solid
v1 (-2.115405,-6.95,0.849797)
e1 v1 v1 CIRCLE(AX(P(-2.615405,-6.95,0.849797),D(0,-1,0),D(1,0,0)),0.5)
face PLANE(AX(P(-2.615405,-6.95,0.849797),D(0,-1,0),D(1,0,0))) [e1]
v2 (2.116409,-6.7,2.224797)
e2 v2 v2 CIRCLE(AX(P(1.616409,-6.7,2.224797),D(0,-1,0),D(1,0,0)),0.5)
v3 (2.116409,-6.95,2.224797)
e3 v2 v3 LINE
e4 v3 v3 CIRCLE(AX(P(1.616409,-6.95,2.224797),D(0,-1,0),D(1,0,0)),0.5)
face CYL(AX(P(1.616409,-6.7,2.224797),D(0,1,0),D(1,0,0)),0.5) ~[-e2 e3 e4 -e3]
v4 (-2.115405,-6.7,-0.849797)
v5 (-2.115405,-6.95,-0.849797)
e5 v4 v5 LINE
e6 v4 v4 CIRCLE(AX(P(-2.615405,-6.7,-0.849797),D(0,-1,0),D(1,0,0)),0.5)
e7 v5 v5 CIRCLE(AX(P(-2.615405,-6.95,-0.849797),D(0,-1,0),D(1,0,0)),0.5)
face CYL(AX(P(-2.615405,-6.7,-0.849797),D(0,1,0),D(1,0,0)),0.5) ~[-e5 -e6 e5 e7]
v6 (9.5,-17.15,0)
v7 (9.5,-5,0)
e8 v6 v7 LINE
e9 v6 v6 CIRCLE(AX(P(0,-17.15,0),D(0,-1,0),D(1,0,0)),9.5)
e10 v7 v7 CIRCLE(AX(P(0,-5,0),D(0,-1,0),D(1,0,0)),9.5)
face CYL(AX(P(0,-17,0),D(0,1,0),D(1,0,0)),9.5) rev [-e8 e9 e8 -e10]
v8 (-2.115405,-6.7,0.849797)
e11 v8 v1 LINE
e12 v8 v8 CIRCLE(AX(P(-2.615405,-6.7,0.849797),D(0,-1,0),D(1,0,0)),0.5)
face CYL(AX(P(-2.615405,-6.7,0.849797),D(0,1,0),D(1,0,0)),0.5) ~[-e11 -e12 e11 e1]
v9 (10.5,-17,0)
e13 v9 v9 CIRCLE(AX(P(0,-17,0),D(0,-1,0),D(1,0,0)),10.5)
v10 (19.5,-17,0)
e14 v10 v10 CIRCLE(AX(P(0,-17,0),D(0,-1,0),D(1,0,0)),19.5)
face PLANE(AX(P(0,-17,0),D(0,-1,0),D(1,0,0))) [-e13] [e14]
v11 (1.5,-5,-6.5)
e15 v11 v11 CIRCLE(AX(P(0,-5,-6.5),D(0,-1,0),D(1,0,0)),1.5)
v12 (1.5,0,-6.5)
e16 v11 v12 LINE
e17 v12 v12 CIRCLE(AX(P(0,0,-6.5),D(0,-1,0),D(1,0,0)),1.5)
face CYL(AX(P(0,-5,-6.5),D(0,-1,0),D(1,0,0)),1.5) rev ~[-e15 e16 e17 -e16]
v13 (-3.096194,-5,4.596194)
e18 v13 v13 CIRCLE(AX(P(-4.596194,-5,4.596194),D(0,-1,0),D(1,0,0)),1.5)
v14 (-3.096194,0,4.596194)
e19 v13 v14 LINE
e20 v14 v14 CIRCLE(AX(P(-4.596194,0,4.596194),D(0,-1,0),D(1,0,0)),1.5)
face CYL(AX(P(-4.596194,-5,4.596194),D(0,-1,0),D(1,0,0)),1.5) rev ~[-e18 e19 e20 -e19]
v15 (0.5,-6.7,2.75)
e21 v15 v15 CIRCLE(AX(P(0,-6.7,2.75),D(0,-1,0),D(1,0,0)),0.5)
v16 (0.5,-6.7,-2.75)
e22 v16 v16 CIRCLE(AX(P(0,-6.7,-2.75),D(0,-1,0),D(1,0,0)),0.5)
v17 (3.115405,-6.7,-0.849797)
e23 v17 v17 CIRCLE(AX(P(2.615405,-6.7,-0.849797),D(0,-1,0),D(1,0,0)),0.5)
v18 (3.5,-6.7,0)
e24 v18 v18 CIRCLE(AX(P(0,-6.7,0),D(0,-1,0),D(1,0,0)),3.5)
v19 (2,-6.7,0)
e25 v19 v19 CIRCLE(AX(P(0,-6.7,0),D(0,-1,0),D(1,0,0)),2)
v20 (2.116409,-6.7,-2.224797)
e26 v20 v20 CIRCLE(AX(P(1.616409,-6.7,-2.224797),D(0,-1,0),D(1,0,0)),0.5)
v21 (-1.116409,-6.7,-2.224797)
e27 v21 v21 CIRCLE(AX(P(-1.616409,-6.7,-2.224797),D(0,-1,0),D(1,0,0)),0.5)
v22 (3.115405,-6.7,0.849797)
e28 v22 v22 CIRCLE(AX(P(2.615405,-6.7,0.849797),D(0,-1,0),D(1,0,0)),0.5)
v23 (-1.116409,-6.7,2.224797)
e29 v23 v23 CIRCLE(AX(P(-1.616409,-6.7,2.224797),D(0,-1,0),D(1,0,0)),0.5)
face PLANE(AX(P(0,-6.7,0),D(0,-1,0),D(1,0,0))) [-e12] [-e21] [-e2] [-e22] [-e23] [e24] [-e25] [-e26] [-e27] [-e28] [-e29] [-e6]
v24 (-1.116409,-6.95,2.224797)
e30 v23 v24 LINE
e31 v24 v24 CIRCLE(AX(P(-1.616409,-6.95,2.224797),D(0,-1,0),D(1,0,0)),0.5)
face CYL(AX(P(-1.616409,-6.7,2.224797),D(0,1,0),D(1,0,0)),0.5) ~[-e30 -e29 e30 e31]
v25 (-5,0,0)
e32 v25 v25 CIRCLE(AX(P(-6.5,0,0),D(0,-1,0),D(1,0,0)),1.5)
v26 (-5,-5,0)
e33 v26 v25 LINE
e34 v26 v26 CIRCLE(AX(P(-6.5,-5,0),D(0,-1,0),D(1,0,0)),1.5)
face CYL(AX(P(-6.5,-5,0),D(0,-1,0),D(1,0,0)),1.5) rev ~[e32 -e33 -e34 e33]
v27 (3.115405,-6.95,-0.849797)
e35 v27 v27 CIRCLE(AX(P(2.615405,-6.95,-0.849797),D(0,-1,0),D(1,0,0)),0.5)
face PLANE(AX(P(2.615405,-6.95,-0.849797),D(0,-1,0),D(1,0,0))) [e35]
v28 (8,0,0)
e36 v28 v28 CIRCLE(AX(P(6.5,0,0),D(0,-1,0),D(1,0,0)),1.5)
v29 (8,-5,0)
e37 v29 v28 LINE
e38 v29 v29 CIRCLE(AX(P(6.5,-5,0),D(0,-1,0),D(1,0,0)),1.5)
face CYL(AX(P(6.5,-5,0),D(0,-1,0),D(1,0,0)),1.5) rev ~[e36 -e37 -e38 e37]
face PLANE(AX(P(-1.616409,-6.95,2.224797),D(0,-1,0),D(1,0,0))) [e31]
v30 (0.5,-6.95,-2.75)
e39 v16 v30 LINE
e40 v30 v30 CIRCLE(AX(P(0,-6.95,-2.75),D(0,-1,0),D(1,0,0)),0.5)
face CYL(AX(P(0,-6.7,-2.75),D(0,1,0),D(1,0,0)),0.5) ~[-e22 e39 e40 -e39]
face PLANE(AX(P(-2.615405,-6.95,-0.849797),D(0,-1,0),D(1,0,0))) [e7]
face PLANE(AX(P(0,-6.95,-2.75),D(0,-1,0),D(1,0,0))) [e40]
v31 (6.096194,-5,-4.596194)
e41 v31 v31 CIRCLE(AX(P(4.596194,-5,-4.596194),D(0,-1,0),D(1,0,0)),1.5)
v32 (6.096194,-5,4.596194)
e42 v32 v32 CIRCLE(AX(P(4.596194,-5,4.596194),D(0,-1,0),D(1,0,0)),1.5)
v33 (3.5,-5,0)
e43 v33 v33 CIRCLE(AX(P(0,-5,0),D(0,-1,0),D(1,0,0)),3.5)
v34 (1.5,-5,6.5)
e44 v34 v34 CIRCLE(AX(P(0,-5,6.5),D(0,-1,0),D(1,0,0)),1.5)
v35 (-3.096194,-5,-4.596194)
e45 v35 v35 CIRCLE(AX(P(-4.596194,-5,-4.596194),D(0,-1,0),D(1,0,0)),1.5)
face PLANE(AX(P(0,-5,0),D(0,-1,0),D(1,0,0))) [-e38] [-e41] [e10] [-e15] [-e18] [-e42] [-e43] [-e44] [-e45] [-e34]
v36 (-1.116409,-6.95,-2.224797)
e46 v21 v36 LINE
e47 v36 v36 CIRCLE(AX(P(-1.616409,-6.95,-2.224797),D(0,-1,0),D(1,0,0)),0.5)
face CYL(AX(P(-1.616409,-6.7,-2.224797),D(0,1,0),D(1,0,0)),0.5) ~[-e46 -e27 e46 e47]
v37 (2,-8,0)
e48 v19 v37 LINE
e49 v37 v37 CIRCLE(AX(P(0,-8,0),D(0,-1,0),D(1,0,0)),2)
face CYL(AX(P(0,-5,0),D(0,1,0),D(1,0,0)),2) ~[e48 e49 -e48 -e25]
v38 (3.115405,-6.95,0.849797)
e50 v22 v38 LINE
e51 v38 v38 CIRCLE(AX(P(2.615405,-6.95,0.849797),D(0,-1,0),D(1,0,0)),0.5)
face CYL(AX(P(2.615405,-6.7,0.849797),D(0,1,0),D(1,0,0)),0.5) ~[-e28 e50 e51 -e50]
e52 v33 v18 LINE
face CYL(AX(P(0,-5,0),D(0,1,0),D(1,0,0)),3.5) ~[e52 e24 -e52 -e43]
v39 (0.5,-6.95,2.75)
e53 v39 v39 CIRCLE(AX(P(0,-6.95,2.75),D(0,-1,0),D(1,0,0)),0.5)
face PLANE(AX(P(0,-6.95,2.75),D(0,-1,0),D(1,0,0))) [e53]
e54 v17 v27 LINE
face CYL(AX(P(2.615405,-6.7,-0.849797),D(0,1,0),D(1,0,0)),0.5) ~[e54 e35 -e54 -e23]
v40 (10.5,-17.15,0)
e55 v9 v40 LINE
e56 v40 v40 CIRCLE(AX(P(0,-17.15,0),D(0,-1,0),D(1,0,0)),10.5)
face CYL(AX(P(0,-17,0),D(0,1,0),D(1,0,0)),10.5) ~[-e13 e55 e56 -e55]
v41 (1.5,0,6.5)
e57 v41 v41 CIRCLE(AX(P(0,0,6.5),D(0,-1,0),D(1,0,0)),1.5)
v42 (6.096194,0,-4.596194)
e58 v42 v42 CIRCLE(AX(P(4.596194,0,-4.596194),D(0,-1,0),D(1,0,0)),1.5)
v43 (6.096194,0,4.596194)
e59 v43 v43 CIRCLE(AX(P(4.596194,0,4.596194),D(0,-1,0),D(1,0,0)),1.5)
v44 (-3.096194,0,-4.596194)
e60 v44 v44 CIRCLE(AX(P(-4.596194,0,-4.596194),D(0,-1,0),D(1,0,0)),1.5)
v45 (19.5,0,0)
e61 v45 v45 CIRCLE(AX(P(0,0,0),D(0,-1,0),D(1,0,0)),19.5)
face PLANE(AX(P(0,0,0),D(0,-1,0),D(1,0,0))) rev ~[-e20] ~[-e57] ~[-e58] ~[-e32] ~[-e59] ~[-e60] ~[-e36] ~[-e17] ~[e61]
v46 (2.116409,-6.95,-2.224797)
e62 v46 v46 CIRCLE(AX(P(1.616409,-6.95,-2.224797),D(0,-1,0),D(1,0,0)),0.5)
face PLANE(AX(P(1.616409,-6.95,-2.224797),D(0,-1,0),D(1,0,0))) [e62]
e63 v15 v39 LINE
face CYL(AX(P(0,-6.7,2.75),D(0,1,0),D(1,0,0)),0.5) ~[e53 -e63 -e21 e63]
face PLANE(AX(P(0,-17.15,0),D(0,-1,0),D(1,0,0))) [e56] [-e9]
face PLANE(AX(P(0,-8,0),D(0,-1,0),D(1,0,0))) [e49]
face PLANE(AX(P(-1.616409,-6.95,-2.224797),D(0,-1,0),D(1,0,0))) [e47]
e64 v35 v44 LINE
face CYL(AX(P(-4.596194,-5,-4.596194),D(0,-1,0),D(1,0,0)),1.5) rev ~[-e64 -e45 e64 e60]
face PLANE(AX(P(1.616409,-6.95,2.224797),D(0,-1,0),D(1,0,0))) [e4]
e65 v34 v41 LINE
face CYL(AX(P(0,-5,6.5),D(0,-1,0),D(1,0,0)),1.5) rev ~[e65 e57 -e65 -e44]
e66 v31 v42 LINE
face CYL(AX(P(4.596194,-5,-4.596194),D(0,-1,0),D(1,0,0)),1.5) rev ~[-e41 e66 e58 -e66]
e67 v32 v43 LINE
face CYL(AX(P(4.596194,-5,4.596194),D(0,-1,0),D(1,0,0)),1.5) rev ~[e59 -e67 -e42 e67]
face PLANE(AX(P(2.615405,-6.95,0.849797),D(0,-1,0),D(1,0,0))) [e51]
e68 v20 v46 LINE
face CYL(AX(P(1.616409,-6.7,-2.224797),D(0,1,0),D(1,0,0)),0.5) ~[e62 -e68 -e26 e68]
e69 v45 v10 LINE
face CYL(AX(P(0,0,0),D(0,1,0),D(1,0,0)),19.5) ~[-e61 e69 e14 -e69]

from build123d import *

# Parameters (mm, degrees)
F0_R      = 19.5
F1_DEPTH  = 17
F2_R      = 9.5
F3_DEPTH  = 12
F4_R      = 10.5
F4_R_2    = 9.5
F5_DEPTH  = 0.15
F6_R      = 2
F7_DEPTH  = 3
F8_R      = 3.5
F8_R_2    = 2
F9_DEPTH  = 1.7
F10_R     = 0.5
F11_DEPTH = 0.25
F12_R     = 1.5
F13_DEPTH = 25


with BuildPart() as f1:
    # F0 (on Front) → F1 (new body)
    with BuildSketch(Plane.XZ):
        Circle(F0_R)
    extrude(amount=F1_DEPTH)

    # F2 (on face) → F3 (cut)
    with BuildSketch(Plane.XZ.offset(17)):
        Circle(F2_R)
    extrude(amount=-F3_DEPTH, mode=Mode.SUBTRACT)

    # F4 (on face) → F5 (join)
    with BuildSketch(Plane.XZ.offset(17)):
        Circle(F4_R)
        Circle(F4_R_2, mode=Mode.SUBTRACT)
    extrude(amount=F5_DEPTH)

    # F6 (on face) → F7 (join)
    with BuildSketch(Plane.XZ.offset(5)):
        Circle(F6_R)
    extrude(amount=F7_DEPTH)

    # F8 (on face) → F9 (join)
    with BuildSketch(Plane.XZ.offset(5)):
        Circle(F8_R)
        Circle(F8_R_2, mode=Mode.SUBTRACT)
    extrude(amount=F9_DEPTH)

    # F10 (on face) → F11 (join)
    with BuildSketch(Plane.XZ.offset(6.7)):
        with Locations((0, 2.75)):
            Circle(F10_R)
        with Locations((1.6164094438, 2.2247967345)):
            Circle(F10_R)
        with Locations((2.6154054198, -0.8497967345)):
            Circle(F10_R)
        with Locations((1.6164094438, -2.2247967345)):
            Circle(F10_R)
        with Locations((0, -2.75)):
            Circle(F10_R)
        with Locations((2.6154054198, 0.8497967345)):
            Circle(F10_R)
        with Locations((-1.6164094438, -2.2247967345)):
            Circle(F10_R)
        with Locations((-2.6154054198, -0.8497967345)):
            Circle(F10_R)
        with Locations((-2.6154054198, 0.8497967345)):
            Circle(F10_R)
        with Locations((-1.6164094438, 2.2247967345)):
            Circle(F10_R)
    extrude(amount=F11_DEPTH)

    # F12 (on face) → F13 (cut)
    with BuildSketch(Plane.XZ.offset(5)):
        with Locations((0, 6.5)):
            Circle(F12_R)
        with Locations((4.5961940777, 4.5961940777)):
            Circle(F12_R)
        with Locations((6.5, 0)):
            Circle(F12_R)
        with Locations((-4.5961940777, 4.5961940777)):
            Circle(F12_R)
        with Locations((-6.5, 0)):
            Circle(F12_R)
        with Locations((-4.5961940777, -4.5961940777)):
            Circle(F12_R)
        with Locations((4.5961940777, -4.5961940777)):
            Circle(F12_R)
        with Locations((0, -6.5)):
            Circle(F12_R)
    extrude(amount=-F13_DEPTH, mode=Mode.SUBTRACT)


solid = f1.part
